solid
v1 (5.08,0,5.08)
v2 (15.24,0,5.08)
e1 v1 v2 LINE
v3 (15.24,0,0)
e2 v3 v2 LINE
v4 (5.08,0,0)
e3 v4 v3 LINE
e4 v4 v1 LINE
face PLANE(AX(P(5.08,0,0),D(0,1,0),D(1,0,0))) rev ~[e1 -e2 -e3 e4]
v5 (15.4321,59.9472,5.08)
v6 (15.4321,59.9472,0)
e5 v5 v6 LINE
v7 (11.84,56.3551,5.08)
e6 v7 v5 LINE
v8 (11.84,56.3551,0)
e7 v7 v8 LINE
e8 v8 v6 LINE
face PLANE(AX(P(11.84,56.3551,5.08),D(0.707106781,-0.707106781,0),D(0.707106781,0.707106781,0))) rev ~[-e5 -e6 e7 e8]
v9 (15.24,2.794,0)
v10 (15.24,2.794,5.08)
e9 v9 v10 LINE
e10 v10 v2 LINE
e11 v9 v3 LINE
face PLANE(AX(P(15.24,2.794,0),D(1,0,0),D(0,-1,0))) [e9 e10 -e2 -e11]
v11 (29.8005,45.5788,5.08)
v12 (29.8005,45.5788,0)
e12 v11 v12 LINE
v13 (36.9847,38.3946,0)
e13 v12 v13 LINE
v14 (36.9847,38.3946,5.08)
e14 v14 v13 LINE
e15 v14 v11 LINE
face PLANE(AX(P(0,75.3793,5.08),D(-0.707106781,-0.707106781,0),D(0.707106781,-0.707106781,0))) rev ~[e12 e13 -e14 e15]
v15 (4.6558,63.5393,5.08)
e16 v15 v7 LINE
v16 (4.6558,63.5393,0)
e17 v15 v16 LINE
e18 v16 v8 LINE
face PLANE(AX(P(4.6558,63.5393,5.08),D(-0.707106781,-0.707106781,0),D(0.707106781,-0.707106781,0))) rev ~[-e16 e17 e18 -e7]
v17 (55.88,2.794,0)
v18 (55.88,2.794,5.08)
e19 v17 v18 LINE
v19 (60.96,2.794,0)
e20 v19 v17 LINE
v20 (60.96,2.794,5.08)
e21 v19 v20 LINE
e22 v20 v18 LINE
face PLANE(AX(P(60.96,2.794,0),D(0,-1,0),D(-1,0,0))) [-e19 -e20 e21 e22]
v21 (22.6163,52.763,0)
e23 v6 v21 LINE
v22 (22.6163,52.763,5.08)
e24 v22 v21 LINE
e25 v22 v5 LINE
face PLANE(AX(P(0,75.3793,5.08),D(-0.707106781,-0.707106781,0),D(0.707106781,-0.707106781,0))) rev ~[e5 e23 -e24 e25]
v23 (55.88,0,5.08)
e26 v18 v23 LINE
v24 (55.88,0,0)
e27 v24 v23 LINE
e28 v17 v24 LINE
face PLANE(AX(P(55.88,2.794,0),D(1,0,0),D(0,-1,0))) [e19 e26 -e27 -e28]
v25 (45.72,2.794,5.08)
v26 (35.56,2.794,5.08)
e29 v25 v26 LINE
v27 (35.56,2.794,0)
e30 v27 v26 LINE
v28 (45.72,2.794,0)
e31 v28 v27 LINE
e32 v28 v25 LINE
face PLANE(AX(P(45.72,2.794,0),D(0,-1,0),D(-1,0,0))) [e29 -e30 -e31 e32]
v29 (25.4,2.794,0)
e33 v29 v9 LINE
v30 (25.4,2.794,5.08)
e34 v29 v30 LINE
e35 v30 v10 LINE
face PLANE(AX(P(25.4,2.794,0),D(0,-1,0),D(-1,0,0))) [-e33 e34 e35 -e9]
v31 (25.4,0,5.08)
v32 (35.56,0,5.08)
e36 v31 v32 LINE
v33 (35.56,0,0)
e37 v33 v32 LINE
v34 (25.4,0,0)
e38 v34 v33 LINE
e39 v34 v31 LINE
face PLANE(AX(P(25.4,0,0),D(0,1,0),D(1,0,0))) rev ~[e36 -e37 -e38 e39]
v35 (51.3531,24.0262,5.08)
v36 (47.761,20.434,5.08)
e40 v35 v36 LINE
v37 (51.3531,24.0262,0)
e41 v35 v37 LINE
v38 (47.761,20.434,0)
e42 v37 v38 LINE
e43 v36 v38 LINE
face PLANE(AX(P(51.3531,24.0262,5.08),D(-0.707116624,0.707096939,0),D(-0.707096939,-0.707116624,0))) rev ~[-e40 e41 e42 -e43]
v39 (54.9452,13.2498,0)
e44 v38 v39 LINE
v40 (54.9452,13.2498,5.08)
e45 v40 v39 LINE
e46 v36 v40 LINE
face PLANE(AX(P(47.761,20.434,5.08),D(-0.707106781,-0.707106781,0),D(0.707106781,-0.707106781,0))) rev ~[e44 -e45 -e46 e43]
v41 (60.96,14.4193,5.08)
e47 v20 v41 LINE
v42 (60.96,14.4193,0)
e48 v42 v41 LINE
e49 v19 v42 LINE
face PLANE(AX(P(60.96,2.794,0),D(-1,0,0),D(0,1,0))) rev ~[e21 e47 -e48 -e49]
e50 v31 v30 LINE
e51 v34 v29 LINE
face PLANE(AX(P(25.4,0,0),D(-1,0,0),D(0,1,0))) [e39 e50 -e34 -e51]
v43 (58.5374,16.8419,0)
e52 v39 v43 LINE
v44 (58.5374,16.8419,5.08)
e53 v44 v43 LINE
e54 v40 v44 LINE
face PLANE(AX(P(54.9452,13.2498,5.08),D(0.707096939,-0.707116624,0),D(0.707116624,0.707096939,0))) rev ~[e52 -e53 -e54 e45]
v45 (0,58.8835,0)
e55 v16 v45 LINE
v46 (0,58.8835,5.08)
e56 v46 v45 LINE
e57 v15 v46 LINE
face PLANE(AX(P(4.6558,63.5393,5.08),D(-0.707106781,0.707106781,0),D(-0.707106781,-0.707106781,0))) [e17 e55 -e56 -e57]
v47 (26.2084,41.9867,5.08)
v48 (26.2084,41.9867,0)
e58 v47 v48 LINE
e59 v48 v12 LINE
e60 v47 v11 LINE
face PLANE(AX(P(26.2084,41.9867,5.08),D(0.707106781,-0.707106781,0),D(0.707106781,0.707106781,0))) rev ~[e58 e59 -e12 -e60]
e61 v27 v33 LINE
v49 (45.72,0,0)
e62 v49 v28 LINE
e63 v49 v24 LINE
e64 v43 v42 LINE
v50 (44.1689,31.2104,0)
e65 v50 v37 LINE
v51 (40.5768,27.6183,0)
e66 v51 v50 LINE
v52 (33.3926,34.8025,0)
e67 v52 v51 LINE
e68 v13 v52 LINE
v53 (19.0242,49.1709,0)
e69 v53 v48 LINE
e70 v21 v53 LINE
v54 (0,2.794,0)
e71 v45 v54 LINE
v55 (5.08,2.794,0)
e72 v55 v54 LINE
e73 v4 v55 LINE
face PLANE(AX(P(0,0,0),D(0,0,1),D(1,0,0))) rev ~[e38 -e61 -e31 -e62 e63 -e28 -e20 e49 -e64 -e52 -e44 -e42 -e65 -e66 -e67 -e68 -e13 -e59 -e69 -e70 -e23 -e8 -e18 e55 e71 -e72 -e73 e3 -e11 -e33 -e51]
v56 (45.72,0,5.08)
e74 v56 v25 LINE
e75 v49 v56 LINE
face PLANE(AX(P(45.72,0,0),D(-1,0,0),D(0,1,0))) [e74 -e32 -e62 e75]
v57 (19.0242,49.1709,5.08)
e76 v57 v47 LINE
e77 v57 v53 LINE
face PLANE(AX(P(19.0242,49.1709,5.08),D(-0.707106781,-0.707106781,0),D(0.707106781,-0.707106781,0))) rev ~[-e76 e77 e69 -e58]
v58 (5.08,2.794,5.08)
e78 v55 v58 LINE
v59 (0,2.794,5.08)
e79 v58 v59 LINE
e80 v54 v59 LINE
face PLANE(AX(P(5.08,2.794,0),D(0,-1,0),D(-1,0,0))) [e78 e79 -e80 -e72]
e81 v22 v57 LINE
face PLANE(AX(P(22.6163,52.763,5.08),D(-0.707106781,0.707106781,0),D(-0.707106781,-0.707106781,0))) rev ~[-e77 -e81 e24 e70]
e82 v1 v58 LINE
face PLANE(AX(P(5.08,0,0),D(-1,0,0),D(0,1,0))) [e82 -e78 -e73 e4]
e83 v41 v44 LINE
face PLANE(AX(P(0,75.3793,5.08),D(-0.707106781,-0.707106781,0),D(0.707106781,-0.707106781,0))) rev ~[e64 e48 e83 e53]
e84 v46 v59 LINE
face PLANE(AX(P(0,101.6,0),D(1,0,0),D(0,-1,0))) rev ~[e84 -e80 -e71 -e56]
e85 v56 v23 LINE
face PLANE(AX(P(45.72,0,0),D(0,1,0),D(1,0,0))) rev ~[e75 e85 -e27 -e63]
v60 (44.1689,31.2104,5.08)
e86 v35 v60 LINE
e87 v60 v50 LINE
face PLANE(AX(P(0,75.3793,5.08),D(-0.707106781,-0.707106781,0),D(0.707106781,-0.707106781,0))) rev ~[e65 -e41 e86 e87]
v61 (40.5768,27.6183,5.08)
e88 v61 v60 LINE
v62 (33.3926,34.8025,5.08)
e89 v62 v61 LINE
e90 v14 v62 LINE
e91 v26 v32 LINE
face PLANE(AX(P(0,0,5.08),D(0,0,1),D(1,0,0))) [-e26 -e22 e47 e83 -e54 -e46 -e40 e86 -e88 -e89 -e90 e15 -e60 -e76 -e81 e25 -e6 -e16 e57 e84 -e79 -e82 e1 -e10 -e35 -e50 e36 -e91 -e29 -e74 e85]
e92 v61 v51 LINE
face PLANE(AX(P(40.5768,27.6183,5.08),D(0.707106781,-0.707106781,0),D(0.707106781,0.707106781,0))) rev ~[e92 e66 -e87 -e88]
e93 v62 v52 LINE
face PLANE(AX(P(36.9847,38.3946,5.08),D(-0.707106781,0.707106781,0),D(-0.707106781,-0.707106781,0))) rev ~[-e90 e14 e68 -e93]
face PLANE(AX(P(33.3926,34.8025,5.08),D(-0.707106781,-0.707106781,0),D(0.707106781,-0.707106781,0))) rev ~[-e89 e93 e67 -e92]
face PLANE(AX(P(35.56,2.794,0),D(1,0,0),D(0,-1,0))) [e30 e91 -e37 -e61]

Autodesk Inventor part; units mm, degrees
ref_plane "YZ Plane" through (0, 0, 0) normal (1, 0, 0) x (0, 1, 0)
ref_plane "XZ Plane" through (0, 0, 0) normal (0, 1, 0) x (-1, 0, 0)
ref_plane "XY Plane" through (0, 0, 0) normal (0, 0, 1) x (1, 0, 0)
sketch "Sketch1" plane through (0, 0, 0) normal (0, 0, 1) x (1, 0, 0)
  line L0 (0, 0) -> (60.96, 0)
  line L1 (60.96, 0) -> (60.96, 2.794) construction
  line L2 (60.96, 101.6) -> (0, 101.6)
  line L3 (0, 101.6) -> (0, 2.794)
  line L4 (-5.08, 0) -> (5.08, 0)
  line L5 (5.08, 0) -> (5.08, 2.794)
  line L6 (5.08, 2.794) -> (-5.08, 2.794)
  line L7 (-5.08, 2.794) -> (-5.08, 0) construction
  line L8 (15.24, 0) -> (25.4, 0)
  line L9 (25.4, 0) -> (25.4, 2.794)
  line L10 (25.4, 2.794) -> (15.24, 2.794)
  line L11 (15.24, 2.794) -> (15.24, 0)
  line L12 (35.56, 0) -> (45.72, 0)
  line L13 (45.72, 0) -> (45.72, 2.794)
  line L14 (45.72, 2.794) -> (35.56, 2.794)
  line L15 (35.56, 2.794) -> (35.56, 0)
  line L16 (55.88, 0) -> (66.04, 0) construction
  line L17 (66.04, 0) -> (66.04, 2.794) construction
  line L18 (66.04, 2.794) -> (55.88, 2.794)
  line L19 (55.88, 2.794) -> (55.88, 0)
  line L20 (60.96, 2.794) -> (60.96, 101.6)
  line L21 (0, 2.794) -> (0, 0) construction
  line L22 (0, 2.794) -> (5.08, 2.794)
  line L23 (5.08, 0) -> (5.08, 2.794)
  line L24 (5.08, 0) -> (15.24, 0)
  line L25 (15.24, 0) -> (15.24, 2.794)
  line L26 (15.24, 2.794) -> (25.4, 2.794)
  line L27 (25.4, 2.794) -> (25.4, 0)
  line L28 (25.4, 0) -> (35.56, 0)
  line L29 (35.56, 0) -> (35.56, 2.794)
  line L30 (35.56, 2.794) -> (45.72, 2.794)
  line L31 (45.72, 2.794) -> (45.72, 0)
  line L32 (45.72, 0) -> (55.88, 0)
  line L33 (55.88, 0) -> (55.88, 2.794)
  line L34 (55.88, 2.794) -> (60.96, 2.794)
  dimension "d0" = 10.16
  dimension "d1" = 2.794
  dimension "d5" = 20.32
  dimension "d11" = 101.6
  dimension "d14" = 5.08
  dimension "d15" = 5.08
extrude "Extrusion2" add sketch "Sketch1" along normal blind 5.08 contours L5 L6 L3 L2 L20 L18 L19 L0 L13 L14 L15 L9 L10 L11
sketch "Sketch2" plane through (0, 0, 5.08) normal (0, 0, 1) x (1, 0, 0)
  line L0 (33.3926, 34.8025) -> (40.5768, 27.6183) projected
  line L1 (36.9847, 38.3946) -> (44.1689, 31.2104) projected
  line L2 (58.5374, 16.8419) -> (61.3536, 14.0257)
  line L3 (61.3536, 14.0257) -> (94.79, 106.8091)
  line L4 (94.79, 106.8091) -> (9.0512, 130.8761)
  line L5 (9.0512, 130.8761) -> (-6.9479, 112.9626)
  line L6 (-6.9479, 112.9626) -> (0, 75.3793)
  line L7 (0, 101.6) -> (0, 2.794) projected
  line L8 (0, 75.3793) -> (58.5374, 16.8419)
  line L9 (36.9847, 38.3946) -> (33.3926, 34.8025) projected
  line L10 (40.5768, 27.6183) -> (44.1689, 31.2104) projected
  point P0 (0, 0)
extrude "Extrusion3" cut sketch "Sketch2" against normal blind 5.08 contours L8 L6 L5 L4 L3 L2 L1
sketch "Sketch3" plane through (0, 0, 5.08) normal (0, 0, 1) x (1, 0, 0)
  line L0 (33.3926, 34.8025) -> (40.5768, 27.6183) projected
  line L1 (36.9847, 38.3946) -> (44.1689, 31.2104) projected
  line L2 (60.96, 14.4193) -> (0, 75.3793) projected
  line L3 (58.5374, 16.8419) -> (51.3531, 24.0262)
  line L4 (51.3531, 24.0262) -> (47.761, 20.434)
  line L5 (47.761, 20.434) -> (54.9452, 13.2498)
  line L6 (54.9452, 13.2498) -> (58.5374, 16.8419)
  line L7 (44.1689, 31.2104) -> (36.9847, 38.3946)
  line L8 (36.9847, 38.3946) -> (33.3926, 34.8025)
  line L9 (33.3926, 34.8025) -> (40.5768, 27.6183)
  line L10 (40.5768, 27.6183) -> (44.1689, 31.2104)
  line L11 (29.8005, 45.5788) -> (22.6163, 52.763)
  line L12 (22.6163, 52.763) -> (19.0242, 49.1709)
  line L13 (19.0242, 49.1709) -> (26.2084, 41.9867)
  line L14 (26.2084, 41.9867) -> (29.8005, 45.5788)
  line L15 (15.4321, 59.9472) -> (8.2479, 67.1314)
  line L16 (8.2479, 67.1314) -> (4.6558, 63.5393)
  line L17 (4.6558, 63.5393) -> (11.84, 56.3551)
  line L18 (11.84, 56.3551) -> (15.4321, 59.9472)
  line L19 (1.0637, 74.3156) -> (-6.1205, 81.4998)
  line L20 (-6.1205, 81.4998) -> (-9.7126, 77.9077)
  line L21 (-9.7126, 77.9077) -> (-2.5284, 70.7235)
  line L22 (-2.5284, 70.7235) -> (1.0637, 74.3156)
  line L23 (-13.3047, 88.684) -> (-20.4889, 95.8682)
  line L24 (-20.4889, 95.8682) -> (-24.081, 92.2761)
  line L25 (-24.081, 92.2761) -> (-16.8968, 85.0919)
  line L26 (-16.8968, 85.0919) -> (-13.3047, 88.684)
  line L27 (36.9847, 38.3946) -> (33.3926, 34.8025) projected
  line L28 (40.5768, 27.6183) -> (44.1689, 31.2104) projected
  point P0 (0, 0)
  point P1 (46.5916, 28.7877)
  point P2 (26.2084, 41.9867)
  point P3 (32.2232, 43.1561)
  point P4 (11.84, 56.3551)
  point P5 (17.8548, 57.5245)
  point P6 (-2.5284, 70.7235)
  point P7 (3.4864, 71.8929)
  point P8 (-16.8968, 85.0919)
  point P9 (-10.882, 86.2613)
  dimension "d24" = 20.32
  dimension "d20" = 5.08
extrude "Extrusion4" cut sketch "Sketch3" against normal blind 5.08 contours L8 L1 L10 L0 | L22 L21 L20 L19 L2 | L18 L17 L16 L2 | L14 L13 L12 L2 | L2 L6 L5 L4
sketch "Sketch4" plane through (0, 0, 5.08) normal (0, 0, 1) x (1, 0, 0)
  line L0 (4.6558, 63.5393) -> (8.2479, 67.1314) projected
  line L1 (8.2479, 67.1314) -> (1.0637, 74.3156) projected
  line L2 (1.0637, 74.3156) -> (0, 73.2519) projected
  line L3 (0, 73.2519) -> (0, 2.794) construction
  line L4 (0, 2.794) -> (5.08, 2.794) projected
  line L5 (5.08, 2.794) -> (5.08, 0) projected
  line L6 (5.08, 0) -> (15.24, 0) projected
  line L7 (15.24, 0) -> (15.24, 2.794) projected
  line L8 (15.24, 2.794) -> (25.4, 2.794) projected
  line L9 (25.4, 2.794) -> (25.4, 0) projected
  line L10 (25.4, 0) -> (35.56, 0) projected
  line L11 (35.56, 0) -> (35.56, 2.794) projected
  line L12 (35.56, 2.794) -> (45.72, 2.794) projected
  line L13 (45.72, 2.794) -> (45.72, 0) projected
  line L14 (45.72, 0) -> (55.88, 0) projected
  line L15 (55.88, 0) -> (55.88, 2.794) projected
  line L16 (55.88, 2.794) -> (60.96, 2.794) projected
  line L17 (60.96, 2.794) -> (60.96, 14.4193) projected
  line L18 (60.96, 14.4193) -> (58.5374, 16.8419) projected
  line L19 (58.5374, 16.8419) -> (54.9452, 13.2498) projected
  line L20 (54.9452, 13.2498) -> (47.761, 20.434) projected
  line L21 (47.761, 20.434) -> (51.3531, 24.0262) projected
  line L22 (51.3531, 24.0262) -> (44.1689, 31.2104) projected
  line L23 (44.1689, 31.2104) -> (40.5768, 27.6183) projected
  line L24 (40.5768, 27.6183) -> (33.3926, 34.8025) projected
  line L25 (33.3926, 34.8025) -> (36.9847, 38.3946) projected
  line L26 (36.9847, 38.3946) -> (29.8005, 45.5788) projected
  line L27 (29.8005, 45.5788) -> (26.2084, 41.9867) projected
  line L28 (26.2084, 41.9867) -> (19.0242, 49.1709) projected
  line L29 (19.0242, 49.1709) -> (22.6163, 52.763) projected
  line L30 (22.6163, 52.763) -> (15.4321, 59.9472) projected
  line L31 (15.4321, 59.9472) -> (11.84, 56.3551) projected
  line L32 (11.84, 56.3551) -> (4.6558, 63.5393) projected
  line L33 (4.6558, 63.5393) -> (0, 58.8835)
  line L34 (0, 73.2519) -> (0, 2.794) construction
  line L35 (4.6558, 63.5393) -> (8.2479, 67.1314)
  line L36 (8.2479, 67.1314) -> (3.9736, 83.8978)
  line L37 (3.9736, 83.8978) -> (-8.4485, 80.2357)
  line L38 (-8.4485, 80.2357) -> (0, 58.8835)
  line L39 (4.6558, 63.5393) -> (8.2479, 67.1314) projected
  line L40 (8.2479, 67.1314) -> (3.9736, 83.8978)
  line L41 (0, 58.8835) -> (8.2479, 67.1314)
  line L42 (0, 58.8835) -> (-8.4485, 80.2357)
  point P0 (0, 0)
extrude "Extrusion5" cut sketch "Sketch4" against normal blind 5.08
equation "\"d5\" = 2 * d0"
equation "\"d24\" = 2 * d21"
equation "\"d21\" = 10.16"
properties part number "SledSideSupport" material "Wood (Birch)"
